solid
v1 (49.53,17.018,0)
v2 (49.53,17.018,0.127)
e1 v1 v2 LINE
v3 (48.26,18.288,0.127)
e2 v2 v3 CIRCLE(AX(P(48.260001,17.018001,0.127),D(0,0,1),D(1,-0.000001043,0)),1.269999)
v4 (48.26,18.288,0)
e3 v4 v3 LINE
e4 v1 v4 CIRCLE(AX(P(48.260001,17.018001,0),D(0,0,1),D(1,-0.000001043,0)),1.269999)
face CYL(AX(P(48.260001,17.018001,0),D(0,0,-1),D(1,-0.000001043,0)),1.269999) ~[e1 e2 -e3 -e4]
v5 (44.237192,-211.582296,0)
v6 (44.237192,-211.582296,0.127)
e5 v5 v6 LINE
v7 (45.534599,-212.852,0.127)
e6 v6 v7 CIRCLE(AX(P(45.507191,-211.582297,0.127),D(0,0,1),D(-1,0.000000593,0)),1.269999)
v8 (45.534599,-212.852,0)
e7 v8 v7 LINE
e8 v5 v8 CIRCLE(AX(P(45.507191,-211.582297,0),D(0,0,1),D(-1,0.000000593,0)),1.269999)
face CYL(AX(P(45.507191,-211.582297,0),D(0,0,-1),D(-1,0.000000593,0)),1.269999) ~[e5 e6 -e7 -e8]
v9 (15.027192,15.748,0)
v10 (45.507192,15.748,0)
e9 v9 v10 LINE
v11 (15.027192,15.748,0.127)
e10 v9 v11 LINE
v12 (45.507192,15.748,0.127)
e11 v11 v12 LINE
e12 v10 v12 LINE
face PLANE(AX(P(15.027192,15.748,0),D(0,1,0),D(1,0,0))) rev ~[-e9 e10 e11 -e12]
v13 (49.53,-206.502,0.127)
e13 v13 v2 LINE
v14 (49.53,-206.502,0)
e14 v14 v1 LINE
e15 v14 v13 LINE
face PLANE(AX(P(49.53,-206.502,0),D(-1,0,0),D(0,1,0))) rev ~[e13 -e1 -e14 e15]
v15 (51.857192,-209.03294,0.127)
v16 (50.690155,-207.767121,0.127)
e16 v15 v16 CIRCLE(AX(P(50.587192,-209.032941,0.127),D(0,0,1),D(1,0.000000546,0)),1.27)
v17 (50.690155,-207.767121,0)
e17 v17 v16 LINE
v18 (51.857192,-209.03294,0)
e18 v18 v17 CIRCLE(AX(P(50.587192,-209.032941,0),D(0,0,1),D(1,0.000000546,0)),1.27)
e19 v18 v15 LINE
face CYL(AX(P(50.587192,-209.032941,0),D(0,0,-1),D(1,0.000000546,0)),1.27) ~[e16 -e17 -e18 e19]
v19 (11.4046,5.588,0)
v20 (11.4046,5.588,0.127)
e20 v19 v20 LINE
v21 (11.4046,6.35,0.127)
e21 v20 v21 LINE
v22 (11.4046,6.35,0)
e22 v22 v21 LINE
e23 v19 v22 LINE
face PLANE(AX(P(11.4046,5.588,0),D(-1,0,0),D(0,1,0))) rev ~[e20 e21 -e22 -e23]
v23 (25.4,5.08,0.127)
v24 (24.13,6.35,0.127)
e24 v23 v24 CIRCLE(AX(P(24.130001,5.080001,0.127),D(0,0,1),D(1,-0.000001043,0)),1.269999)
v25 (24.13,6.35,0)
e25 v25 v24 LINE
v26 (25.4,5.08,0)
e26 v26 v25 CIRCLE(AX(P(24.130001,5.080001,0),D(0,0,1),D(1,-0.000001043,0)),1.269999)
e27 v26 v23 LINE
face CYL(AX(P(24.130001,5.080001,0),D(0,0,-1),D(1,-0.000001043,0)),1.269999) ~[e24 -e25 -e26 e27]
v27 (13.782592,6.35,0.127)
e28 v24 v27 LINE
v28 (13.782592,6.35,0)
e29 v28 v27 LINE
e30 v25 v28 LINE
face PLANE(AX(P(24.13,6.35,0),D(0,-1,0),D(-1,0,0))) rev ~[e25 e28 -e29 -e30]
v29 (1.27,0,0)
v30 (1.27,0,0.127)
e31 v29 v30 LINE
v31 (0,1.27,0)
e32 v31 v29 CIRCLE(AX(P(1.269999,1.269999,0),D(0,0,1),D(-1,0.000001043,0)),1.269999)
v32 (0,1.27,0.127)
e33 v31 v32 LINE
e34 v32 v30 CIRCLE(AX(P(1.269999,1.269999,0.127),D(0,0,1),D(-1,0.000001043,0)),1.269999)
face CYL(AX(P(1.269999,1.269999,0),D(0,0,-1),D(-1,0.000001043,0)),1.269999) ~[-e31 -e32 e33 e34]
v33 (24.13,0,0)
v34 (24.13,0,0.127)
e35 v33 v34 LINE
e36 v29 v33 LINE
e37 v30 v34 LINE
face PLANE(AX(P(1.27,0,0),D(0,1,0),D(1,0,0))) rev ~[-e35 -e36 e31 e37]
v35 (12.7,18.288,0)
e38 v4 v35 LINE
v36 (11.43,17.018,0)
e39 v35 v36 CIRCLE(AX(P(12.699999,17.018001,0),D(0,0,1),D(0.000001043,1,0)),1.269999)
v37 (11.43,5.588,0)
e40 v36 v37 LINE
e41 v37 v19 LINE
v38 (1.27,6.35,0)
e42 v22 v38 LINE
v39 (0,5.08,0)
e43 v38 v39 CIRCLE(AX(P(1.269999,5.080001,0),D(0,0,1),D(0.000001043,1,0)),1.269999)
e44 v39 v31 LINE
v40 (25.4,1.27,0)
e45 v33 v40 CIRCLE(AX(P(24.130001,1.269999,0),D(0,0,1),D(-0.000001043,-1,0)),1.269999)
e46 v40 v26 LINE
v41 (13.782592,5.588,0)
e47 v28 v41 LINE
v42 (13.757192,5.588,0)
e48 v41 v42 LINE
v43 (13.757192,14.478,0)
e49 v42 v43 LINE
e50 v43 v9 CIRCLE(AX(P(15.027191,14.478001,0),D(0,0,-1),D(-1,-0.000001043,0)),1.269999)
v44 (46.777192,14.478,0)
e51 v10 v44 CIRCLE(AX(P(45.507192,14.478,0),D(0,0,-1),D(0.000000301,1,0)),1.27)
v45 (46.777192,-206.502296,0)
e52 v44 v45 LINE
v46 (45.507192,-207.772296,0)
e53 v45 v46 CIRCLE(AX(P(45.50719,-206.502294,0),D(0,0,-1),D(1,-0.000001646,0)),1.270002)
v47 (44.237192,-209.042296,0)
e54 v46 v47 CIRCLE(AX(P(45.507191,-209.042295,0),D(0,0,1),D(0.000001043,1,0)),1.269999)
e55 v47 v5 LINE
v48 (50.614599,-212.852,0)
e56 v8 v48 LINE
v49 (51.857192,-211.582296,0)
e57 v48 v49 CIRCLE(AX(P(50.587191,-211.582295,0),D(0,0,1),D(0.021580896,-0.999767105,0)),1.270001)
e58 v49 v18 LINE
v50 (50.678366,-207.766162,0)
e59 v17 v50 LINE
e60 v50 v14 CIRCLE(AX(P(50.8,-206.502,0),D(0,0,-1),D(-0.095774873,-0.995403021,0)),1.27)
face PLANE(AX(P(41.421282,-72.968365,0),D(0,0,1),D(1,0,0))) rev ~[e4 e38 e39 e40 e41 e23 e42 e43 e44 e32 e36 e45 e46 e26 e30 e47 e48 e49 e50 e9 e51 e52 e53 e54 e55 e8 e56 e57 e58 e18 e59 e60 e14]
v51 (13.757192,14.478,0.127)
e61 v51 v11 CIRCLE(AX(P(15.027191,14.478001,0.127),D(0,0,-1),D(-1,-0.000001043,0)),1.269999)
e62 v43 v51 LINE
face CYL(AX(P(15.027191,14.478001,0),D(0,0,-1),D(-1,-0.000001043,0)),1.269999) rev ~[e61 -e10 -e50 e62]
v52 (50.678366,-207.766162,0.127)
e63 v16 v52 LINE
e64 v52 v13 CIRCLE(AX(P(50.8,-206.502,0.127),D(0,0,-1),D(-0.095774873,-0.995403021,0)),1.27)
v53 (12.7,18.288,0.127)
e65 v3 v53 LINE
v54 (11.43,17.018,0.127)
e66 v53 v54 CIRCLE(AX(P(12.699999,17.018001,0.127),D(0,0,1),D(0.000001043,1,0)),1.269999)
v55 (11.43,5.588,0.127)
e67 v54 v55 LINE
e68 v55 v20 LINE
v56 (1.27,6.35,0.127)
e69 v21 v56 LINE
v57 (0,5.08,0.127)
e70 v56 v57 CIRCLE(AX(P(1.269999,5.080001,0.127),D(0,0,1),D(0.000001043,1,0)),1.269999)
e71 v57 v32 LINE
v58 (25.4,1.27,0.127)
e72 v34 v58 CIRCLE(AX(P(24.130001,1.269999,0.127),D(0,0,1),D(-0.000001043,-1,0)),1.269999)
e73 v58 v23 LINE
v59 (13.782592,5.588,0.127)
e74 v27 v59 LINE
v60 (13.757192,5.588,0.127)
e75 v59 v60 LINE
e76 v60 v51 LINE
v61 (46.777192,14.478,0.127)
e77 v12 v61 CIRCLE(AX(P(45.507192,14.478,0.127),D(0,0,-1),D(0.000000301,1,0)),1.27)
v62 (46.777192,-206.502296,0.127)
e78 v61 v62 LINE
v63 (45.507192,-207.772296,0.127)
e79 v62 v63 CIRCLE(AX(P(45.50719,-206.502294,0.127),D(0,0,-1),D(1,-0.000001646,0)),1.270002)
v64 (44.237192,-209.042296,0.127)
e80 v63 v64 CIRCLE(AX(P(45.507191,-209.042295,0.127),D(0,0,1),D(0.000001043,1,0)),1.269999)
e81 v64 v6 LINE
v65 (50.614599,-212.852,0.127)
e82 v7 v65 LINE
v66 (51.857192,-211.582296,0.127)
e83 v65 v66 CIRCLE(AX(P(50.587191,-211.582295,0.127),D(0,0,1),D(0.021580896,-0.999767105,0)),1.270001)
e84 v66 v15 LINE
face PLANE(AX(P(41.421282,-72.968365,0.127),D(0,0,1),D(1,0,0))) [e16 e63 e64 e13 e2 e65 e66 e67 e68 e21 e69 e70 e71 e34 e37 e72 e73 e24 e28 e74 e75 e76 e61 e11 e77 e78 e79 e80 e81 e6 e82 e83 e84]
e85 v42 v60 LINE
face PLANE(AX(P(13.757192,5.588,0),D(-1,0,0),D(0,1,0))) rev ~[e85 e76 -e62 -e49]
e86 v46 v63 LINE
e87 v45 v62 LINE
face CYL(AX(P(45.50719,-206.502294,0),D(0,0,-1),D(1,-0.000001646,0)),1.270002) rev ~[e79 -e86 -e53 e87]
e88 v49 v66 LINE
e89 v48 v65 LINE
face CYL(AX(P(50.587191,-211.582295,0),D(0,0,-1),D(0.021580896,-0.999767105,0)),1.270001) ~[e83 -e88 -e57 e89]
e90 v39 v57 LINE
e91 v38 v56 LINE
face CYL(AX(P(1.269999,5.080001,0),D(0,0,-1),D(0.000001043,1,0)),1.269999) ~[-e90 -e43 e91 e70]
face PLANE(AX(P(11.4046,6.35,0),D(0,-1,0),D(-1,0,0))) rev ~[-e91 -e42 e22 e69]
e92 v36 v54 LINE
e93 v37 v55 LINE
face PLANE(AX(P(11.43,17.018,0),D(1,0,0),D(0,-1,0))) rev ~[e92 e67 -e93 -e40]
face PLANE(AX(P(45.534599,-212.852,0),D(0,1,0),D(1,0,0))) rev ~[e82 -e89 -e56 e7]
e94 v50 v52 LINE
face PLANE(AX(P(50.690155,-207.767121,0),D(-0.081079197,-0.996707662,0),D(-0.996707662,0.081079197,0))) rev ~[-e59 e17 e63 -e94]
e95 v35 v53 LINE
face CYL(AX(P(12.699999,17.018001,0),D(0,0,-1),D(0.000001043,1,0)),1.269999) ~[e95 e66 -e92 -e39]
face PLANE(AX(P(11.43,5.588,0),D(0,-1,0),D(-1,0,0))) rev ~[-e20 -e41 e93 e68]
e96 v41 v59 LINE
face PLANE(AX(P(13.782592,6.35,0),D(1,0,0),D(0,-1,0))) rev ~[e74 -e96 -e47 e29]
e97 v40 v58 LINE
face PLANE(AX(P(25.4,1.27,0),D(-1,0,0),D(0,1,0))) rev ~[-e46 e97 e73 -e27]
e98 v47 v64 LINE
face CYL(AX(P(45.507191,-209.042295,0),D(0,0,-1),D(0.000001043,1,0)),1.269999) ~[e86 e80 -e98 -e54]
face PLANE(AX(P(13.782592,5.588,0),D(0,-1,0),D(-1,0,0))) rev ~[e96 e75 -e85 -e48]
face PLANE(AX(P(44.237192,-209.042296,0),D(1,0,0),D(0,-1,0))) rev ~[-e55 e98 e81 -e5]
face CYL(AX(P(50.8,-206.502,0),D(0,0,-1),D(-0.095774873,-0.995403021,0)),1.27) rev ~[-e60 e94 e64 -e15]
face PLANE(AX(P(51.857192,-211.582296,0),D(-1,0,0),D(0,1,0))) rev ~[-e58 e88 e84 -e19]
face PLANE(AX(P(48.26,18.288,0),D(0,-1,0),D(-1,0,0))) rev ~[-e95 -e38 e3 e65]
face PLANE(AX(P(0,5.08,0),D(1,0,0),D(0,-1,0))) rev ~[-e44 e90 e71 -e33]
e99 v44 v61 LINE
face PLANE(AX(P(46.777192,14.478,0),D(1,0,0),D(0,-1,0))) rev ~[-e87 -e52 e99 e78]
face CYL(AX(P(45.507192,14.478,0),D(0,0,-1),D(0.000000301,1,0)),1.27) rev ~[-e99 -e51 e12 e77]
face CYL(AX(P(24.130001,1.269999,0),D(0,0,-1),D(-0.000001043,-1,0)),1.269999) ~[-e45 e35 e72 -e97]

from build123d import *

# Parameters (mm, degrees)
F1_DEPTH = 0.127


with BuildPart() as f1:
    # F0 (on Top) → F1 (new body)
    with BuildSketch(Plane.XY):
        with BuildLine():
            ThreePointArc((0, 1.27), (0.371974, 0.371974), (1.27, 0))
            Line((1.27, 0), (24.13, 0))
            ThreePointArc((24.13, 0), (25.028026, 0.371974), (25.4, 1.27))
            Line((25.4, 1.27), (25.4, 5.08))
            ThreePointArc((25.4, 5.08), (25.028026, 5.978026), (24.13, 6.35))
            Line((24.13, 6.35), (13.782592, 6.35))
            Line((13.782592, 6.35), (13.782592, 5.588))
            Line((13.782592, 5.588), (13.757192, 5.588))
            Line((13.757192, 5.588), (13.757192, 14.478))
            ThreePointArc((13.757192, 14.478), (14.129166, 15.376026), (15.027192, 15.748))
            Line((15.027192, 15.748), (45.507192, 15.748))
            ThreePointArc((45.507192, 15.748), (46.405217, 15.376026), (46.777192, 14.478))
            Line((46.777192, 14.478), (46.777192, -206.502296))
            ThreePointArc((46.777192, -206.502296), (46.405217, -207.400321), (45.507192, -207.772296))
            ThreePointArc((45.507192, -207.772296), (44.609166, -208.14427), (44.237192, -209.042296))
            Line((44.237192, -209.042296), (44.237192, -211.582296))
            ThreePointArc((44.237192, -211.582296), (44.618909, -212.48996), (45.534599, -212.852))
            Line((45.534599, -212.852), (50.614599, -212.852))
            ThreePointArc((50.614599, -212.852), (51.494855, -212.470579), (51.857192, -211.582296))
            Line((51.857192, -211.582296), (51.857192, -209.042296))
            Line((51.857192, -209.042296), (51.857192, -209.03294))
            ThreePointArc((51.857192, -209.03294), (51.520911, -208.172087), (50.690155, -207.767121))
            Line((50.690155, -207.767121), (50.678366, -207.766162))
            ThreePointArc((50.678366, -207.766162), (49.859953, -207.355939), (49.53, -206.502))
            Line((49.53, -206.502), (49.53, 17.018))
            ThreePointArc((49.53, 17.018), (49.158026, 17.916026), (48.26, 18.288))
            Line((48.26, 18.288), (12.7, 18.288))
            ThreePointArc((12.7, 18.288), (11.801974, 17.916026), (11.43, 17.018))
            Line((11.43, 17.018), (11.43, 5.588))
            Line((11.43, 5.588), (11.4046, 5.588))
            Line((11.4046, 5.588), (11.4046, 6.35))
            Line((11.4046, 6.35), (1.27, 6.35))
            ThreePointArc((1.27, 6.35), (0.371974, 5.978026), (0, 5.08))
            Line((0, 5.08), (0, 1.27))
        make_face()
    extrude(amount=F1_DEPTH)


solid = f1.part
